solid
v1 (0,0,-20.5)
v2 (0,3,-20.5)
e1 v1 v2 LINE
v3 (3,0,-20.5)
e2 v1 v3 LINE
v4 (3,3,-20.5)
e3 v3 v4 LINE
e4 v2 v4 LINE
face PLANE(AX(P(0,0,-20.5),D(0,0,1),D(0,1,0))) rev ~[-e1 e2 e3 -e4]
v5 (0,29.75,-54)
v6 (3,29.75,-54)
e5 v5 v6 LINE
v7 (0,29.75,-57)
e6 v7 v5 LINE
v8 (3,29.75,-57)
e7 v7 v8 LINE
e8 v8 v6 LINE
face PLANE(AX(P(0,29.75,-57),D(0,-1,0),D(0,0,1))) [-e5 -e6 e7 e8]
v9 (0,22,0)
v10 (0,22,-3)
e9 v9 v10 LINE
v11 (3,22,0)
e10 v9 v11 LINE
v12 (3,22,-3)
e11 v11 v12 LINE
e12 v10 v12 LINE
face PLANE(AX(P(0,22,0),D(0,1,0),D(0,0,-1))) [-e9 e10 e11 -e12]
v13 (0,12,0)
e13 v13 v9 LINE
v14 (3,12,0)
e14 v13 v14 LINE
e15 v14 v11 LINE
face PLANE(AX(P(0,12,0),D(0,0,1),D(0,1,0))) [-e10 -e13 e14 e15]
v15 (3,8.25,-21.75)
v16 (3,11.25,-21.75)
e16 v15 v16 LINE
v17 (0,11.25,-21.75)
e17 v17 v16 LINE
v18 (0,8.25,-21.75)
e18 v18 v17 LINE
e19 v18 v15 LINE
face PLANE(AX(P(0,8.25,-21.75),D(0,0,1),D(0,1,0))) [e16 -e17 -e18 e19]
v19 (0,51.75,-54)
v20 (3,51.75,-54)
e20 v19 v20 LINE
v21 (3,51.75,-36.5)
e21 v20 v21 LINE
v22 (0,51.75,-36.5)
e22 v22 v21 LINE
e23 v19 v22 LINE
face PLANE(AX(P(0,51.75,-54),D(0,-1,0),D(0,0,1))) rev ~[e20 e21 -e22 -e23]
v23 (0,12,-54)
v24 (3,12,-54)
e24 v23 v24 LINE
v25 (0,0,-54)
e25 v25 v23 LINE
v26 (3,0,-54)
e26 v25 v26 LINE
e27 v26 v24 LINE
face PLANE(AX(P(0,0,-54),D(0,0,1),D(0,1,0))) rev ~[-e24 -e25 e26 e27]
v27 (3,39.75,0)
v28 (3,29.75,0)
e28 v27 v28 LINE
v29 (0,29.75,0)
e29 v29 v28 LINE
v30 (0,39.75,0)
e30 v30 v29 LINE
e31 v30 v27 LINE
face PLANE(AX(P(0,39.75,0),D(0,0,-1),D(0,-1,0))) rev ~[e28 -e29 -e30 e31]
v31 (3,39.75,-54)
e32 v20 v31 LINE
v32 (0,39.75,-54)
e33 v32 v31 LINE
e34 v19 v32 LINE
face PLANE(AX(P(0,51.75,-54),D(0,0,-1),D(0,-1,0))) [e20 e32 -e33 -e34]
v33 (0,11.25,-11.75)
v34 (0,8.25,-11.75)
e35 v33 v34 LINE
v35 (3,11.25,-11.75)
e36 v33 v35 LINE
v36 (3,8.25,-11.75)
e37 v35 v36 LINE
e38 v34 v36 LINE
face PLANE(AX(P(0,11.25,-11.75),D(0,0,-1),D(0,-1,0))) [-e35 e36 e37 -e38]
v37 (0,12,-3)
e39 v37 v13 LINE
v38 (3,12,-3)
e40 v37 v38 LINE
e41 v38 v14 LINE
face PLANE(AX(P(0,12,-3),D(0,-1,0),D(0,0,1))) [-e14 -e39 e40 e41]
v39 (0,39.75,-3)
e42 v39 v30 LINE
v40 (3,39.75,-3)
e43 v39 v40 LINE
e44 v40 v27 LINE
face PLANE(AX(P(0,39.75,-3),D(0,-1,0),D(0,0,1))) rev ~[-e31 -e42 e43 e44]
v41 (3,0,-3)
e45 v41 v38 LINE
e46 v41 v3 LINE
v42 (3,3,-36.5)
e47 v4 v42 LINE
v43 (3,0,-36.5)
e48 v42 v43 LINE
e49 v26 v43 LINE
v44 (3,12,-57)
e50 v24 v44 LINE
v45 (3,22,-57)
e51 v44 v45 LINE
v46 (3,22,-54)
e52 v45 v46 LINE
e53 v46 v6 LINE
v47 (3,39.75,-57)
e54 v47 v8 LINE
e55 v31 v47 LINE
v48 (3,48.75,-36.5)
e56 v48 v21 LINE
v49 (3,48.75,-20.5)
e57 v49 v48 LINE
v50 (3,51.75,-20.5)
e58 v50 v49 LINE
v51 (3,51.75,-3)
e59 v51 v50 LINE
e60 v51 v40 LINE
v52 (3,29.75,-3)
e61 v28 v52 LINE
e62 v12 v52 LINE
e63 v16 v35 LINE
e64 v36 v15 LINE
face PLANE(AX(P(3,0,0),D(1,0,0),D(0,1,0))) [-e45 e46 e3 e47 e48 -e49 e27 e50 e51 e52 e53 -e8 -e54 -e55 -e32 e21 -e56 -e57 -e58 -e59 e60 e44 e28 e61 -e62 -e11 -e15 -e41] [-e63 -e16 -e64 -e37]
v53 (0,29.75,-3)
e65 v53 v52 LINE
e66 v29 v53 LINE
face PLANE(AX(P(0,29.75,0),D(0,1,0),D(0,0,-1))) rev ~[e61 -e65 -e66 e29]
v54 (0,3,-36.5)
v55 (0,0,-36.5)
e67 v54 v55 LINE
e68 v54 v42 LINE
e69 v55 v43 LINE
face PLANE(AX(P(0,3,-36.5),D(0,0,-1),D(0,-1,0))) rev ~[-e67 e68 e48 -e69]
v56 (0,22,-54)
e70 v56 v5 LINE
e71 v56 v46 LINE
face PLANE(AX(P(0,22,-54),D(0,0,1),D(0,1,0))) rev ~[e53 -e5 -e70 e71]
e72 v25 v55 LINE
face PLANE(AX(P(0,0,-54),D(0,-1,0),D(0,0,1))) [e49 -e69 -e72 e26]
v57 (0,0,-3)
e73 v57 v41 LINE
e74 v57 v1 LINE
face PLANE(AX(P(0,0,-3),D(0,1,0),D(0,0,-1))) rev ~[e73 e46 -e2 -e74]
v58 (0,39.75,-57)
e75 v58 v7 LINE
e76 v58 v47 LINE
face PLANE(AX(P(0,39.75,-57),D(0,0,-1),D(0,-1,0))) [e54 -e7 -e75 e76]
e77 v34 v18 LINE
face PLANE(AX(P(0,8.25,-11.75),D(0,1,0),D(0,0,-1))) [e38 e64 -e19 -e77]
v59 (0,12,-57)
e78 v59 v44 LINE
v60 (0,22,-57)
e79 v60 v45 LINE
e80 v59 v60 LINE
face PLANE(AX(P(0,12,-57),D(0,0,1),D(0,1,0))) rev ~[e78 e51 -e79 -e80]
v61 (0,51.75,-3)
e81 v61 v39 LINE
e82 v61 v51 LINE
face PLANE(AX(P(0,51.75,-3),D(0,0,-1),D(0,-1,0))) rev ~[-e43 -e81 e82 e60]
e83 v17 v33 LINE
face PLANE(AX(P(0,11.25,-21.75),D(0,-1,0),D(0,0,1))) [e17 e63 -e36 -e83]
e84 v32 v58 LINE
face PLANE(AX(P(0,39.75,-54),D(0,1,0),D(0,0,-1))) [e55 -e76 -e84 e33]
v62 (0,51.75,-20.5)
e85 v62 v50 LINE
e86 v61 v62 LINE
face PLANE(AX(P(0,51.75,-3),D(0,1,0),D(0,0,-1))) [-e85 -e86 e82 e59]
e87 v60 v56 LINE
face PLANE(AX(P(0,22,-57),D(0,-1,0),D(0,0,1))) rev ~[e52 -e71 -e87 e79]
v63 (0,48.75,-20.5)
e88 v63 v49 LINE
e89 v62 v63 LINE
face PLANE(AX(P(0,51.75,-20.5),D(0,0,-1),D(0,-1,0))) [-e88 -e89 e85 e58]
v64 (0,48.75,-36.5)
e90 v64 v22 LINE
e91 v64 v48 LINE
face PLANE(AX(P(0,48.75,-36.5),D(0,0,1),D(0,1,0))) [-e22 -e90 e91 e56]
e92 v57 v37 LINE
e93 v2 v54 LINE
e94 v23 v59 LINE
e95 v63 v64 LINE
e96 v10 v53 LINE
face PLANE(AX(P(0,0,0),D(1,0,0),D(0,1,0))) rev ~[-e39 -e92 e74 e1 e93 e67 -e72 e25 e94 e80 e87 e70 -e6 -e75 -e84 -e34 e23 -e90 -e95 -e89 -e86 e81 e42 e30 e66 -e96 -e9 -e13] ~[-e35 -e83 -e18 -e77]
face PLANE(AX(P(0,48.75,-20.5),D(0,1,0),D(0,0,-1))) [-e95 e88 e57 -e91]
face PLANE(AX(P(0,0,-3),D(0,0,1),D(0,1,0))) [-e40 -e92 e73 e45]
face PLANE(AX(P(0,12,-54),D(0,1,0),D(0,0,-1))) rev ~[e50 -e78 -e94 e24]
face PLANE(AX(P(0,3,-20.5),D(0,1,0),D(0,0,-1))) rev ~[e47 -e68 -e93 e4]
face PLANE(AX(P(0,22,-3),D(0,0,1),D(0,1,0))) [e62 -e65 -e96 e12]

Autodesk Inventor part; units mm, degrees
ref_plane "YZ Plane" through (0, 0, 0) normal (1, 0, 0) x (0, 1, 0)
ref_plane "XZ Plane" through (0, 0, 0) normal (0, 1, 0) x (-1, 0, 0)
ref_plane "XY Plane" through (0, 0, 0) normal (0, 0, 1) x (1, 0, 0)
sketch "Sketch1" plane through (0, 0, 0) normal (1, 0, 0) x (0, 1, 0)
  line L0 (0, -3) -> (12, -3)
  line L1 (12, -3) -> (12, 0)
  line L2 (12, 0) -> (22, 0)
  line L3 (22, 0) -> (22, -3)
  line L4 (25.875, 0) -> (25.875, -57) construction
  line L5 (51.75, -28.5) -> (0, -28.5) construction
  line L6 (51.75, -3) -> (39.75, -3)
  line L7 (39.75, -3) -> (39.75, 0)
  line L8 (39.75, 0) -> (29.75, 0)
  line L9 (29.75, 0) -> (29.75, -3)
  line L10 (12, 0) -> (22, 0)
  line L11 (29.75, 0) -> (39.75, 0)
  line L12 (39.75, 0) -> (29.75, 0)
  line L13 (22, 0) -> (12, 0)
  line L14 (22, -3) -> (29.75, -3)
  line L15 (0, -54) -> (12, -54)
  line L16 (12, -54) -> (12, -57)
  line L17 (12, -57) -> (22, -57)
  line L18 (22, -57) -> (22, -54)
  line L19 (51.75, -54) -> (39.75, -54)
  line L20 (29.75, -57) -> (29.75, -54)
  line L21 (39.75, -54) -> (39.75, -57)
  line L22 (39.75, -57) -> (29.75, -57)
  line L23 (22, -54) -> (29.75, -54)
  line L24 (39.75, -57) -> (29.75, -57)
  line L25 (22, -57) -> (12, -57)
  line L26 (0, -3) -> (0, -20.5)
  line L27 (0, -20.5) -> (3, -20.5)
  line L28 (3, -20.5) -> (3, -36.5)
  line L29 (3, -36.5) -> (0, -36.5)
  line L30 (0, -54) -> (0, -36.5)
  line L31 (51.75, -3) -> (51.75, -20.5)
  line L32 (51.75, -20.5) -> (48.75, -20.5)
  line L33 (48.75, -20.5) -> (48.75, -36.5)
  line L34 (48.75, -36.5) -> (51.75, -36.5)
  line L35 (51.75, -54) -> (51.75, -36.5)
  line L36 (0, -11.75) -> (8.25, -11.75) construction
  line L37 (8.25, -11.75) -> (8.25, -21.75)
  line L38 (8.25, -21.75) -> (11.25, -21.75)
  line L39 (11.25, -21.75) -> (11.25, -11.75)
  line L40 (11.25, -11.75) -> (8.25, -11.75)
  point P0 (0, 0)
  point P1 (51.75, 0)
  point P2 (0, 0)
  dimension "d0" = 51.75
  dimension "d2" = 3
  dimension "d3" = 12
  dimension "d4" = 10
  dimension "d5" = 17.5
  dimension "d6" = 3
  dimension "d7" = 16
  dimension "d8" = 8.25
  dimension "d9" = 10
  dimension "d10" = 3
extrude "Extrusion1" add sketch "Sketch1" along normal blind 3
properties part number "Lateral1"
